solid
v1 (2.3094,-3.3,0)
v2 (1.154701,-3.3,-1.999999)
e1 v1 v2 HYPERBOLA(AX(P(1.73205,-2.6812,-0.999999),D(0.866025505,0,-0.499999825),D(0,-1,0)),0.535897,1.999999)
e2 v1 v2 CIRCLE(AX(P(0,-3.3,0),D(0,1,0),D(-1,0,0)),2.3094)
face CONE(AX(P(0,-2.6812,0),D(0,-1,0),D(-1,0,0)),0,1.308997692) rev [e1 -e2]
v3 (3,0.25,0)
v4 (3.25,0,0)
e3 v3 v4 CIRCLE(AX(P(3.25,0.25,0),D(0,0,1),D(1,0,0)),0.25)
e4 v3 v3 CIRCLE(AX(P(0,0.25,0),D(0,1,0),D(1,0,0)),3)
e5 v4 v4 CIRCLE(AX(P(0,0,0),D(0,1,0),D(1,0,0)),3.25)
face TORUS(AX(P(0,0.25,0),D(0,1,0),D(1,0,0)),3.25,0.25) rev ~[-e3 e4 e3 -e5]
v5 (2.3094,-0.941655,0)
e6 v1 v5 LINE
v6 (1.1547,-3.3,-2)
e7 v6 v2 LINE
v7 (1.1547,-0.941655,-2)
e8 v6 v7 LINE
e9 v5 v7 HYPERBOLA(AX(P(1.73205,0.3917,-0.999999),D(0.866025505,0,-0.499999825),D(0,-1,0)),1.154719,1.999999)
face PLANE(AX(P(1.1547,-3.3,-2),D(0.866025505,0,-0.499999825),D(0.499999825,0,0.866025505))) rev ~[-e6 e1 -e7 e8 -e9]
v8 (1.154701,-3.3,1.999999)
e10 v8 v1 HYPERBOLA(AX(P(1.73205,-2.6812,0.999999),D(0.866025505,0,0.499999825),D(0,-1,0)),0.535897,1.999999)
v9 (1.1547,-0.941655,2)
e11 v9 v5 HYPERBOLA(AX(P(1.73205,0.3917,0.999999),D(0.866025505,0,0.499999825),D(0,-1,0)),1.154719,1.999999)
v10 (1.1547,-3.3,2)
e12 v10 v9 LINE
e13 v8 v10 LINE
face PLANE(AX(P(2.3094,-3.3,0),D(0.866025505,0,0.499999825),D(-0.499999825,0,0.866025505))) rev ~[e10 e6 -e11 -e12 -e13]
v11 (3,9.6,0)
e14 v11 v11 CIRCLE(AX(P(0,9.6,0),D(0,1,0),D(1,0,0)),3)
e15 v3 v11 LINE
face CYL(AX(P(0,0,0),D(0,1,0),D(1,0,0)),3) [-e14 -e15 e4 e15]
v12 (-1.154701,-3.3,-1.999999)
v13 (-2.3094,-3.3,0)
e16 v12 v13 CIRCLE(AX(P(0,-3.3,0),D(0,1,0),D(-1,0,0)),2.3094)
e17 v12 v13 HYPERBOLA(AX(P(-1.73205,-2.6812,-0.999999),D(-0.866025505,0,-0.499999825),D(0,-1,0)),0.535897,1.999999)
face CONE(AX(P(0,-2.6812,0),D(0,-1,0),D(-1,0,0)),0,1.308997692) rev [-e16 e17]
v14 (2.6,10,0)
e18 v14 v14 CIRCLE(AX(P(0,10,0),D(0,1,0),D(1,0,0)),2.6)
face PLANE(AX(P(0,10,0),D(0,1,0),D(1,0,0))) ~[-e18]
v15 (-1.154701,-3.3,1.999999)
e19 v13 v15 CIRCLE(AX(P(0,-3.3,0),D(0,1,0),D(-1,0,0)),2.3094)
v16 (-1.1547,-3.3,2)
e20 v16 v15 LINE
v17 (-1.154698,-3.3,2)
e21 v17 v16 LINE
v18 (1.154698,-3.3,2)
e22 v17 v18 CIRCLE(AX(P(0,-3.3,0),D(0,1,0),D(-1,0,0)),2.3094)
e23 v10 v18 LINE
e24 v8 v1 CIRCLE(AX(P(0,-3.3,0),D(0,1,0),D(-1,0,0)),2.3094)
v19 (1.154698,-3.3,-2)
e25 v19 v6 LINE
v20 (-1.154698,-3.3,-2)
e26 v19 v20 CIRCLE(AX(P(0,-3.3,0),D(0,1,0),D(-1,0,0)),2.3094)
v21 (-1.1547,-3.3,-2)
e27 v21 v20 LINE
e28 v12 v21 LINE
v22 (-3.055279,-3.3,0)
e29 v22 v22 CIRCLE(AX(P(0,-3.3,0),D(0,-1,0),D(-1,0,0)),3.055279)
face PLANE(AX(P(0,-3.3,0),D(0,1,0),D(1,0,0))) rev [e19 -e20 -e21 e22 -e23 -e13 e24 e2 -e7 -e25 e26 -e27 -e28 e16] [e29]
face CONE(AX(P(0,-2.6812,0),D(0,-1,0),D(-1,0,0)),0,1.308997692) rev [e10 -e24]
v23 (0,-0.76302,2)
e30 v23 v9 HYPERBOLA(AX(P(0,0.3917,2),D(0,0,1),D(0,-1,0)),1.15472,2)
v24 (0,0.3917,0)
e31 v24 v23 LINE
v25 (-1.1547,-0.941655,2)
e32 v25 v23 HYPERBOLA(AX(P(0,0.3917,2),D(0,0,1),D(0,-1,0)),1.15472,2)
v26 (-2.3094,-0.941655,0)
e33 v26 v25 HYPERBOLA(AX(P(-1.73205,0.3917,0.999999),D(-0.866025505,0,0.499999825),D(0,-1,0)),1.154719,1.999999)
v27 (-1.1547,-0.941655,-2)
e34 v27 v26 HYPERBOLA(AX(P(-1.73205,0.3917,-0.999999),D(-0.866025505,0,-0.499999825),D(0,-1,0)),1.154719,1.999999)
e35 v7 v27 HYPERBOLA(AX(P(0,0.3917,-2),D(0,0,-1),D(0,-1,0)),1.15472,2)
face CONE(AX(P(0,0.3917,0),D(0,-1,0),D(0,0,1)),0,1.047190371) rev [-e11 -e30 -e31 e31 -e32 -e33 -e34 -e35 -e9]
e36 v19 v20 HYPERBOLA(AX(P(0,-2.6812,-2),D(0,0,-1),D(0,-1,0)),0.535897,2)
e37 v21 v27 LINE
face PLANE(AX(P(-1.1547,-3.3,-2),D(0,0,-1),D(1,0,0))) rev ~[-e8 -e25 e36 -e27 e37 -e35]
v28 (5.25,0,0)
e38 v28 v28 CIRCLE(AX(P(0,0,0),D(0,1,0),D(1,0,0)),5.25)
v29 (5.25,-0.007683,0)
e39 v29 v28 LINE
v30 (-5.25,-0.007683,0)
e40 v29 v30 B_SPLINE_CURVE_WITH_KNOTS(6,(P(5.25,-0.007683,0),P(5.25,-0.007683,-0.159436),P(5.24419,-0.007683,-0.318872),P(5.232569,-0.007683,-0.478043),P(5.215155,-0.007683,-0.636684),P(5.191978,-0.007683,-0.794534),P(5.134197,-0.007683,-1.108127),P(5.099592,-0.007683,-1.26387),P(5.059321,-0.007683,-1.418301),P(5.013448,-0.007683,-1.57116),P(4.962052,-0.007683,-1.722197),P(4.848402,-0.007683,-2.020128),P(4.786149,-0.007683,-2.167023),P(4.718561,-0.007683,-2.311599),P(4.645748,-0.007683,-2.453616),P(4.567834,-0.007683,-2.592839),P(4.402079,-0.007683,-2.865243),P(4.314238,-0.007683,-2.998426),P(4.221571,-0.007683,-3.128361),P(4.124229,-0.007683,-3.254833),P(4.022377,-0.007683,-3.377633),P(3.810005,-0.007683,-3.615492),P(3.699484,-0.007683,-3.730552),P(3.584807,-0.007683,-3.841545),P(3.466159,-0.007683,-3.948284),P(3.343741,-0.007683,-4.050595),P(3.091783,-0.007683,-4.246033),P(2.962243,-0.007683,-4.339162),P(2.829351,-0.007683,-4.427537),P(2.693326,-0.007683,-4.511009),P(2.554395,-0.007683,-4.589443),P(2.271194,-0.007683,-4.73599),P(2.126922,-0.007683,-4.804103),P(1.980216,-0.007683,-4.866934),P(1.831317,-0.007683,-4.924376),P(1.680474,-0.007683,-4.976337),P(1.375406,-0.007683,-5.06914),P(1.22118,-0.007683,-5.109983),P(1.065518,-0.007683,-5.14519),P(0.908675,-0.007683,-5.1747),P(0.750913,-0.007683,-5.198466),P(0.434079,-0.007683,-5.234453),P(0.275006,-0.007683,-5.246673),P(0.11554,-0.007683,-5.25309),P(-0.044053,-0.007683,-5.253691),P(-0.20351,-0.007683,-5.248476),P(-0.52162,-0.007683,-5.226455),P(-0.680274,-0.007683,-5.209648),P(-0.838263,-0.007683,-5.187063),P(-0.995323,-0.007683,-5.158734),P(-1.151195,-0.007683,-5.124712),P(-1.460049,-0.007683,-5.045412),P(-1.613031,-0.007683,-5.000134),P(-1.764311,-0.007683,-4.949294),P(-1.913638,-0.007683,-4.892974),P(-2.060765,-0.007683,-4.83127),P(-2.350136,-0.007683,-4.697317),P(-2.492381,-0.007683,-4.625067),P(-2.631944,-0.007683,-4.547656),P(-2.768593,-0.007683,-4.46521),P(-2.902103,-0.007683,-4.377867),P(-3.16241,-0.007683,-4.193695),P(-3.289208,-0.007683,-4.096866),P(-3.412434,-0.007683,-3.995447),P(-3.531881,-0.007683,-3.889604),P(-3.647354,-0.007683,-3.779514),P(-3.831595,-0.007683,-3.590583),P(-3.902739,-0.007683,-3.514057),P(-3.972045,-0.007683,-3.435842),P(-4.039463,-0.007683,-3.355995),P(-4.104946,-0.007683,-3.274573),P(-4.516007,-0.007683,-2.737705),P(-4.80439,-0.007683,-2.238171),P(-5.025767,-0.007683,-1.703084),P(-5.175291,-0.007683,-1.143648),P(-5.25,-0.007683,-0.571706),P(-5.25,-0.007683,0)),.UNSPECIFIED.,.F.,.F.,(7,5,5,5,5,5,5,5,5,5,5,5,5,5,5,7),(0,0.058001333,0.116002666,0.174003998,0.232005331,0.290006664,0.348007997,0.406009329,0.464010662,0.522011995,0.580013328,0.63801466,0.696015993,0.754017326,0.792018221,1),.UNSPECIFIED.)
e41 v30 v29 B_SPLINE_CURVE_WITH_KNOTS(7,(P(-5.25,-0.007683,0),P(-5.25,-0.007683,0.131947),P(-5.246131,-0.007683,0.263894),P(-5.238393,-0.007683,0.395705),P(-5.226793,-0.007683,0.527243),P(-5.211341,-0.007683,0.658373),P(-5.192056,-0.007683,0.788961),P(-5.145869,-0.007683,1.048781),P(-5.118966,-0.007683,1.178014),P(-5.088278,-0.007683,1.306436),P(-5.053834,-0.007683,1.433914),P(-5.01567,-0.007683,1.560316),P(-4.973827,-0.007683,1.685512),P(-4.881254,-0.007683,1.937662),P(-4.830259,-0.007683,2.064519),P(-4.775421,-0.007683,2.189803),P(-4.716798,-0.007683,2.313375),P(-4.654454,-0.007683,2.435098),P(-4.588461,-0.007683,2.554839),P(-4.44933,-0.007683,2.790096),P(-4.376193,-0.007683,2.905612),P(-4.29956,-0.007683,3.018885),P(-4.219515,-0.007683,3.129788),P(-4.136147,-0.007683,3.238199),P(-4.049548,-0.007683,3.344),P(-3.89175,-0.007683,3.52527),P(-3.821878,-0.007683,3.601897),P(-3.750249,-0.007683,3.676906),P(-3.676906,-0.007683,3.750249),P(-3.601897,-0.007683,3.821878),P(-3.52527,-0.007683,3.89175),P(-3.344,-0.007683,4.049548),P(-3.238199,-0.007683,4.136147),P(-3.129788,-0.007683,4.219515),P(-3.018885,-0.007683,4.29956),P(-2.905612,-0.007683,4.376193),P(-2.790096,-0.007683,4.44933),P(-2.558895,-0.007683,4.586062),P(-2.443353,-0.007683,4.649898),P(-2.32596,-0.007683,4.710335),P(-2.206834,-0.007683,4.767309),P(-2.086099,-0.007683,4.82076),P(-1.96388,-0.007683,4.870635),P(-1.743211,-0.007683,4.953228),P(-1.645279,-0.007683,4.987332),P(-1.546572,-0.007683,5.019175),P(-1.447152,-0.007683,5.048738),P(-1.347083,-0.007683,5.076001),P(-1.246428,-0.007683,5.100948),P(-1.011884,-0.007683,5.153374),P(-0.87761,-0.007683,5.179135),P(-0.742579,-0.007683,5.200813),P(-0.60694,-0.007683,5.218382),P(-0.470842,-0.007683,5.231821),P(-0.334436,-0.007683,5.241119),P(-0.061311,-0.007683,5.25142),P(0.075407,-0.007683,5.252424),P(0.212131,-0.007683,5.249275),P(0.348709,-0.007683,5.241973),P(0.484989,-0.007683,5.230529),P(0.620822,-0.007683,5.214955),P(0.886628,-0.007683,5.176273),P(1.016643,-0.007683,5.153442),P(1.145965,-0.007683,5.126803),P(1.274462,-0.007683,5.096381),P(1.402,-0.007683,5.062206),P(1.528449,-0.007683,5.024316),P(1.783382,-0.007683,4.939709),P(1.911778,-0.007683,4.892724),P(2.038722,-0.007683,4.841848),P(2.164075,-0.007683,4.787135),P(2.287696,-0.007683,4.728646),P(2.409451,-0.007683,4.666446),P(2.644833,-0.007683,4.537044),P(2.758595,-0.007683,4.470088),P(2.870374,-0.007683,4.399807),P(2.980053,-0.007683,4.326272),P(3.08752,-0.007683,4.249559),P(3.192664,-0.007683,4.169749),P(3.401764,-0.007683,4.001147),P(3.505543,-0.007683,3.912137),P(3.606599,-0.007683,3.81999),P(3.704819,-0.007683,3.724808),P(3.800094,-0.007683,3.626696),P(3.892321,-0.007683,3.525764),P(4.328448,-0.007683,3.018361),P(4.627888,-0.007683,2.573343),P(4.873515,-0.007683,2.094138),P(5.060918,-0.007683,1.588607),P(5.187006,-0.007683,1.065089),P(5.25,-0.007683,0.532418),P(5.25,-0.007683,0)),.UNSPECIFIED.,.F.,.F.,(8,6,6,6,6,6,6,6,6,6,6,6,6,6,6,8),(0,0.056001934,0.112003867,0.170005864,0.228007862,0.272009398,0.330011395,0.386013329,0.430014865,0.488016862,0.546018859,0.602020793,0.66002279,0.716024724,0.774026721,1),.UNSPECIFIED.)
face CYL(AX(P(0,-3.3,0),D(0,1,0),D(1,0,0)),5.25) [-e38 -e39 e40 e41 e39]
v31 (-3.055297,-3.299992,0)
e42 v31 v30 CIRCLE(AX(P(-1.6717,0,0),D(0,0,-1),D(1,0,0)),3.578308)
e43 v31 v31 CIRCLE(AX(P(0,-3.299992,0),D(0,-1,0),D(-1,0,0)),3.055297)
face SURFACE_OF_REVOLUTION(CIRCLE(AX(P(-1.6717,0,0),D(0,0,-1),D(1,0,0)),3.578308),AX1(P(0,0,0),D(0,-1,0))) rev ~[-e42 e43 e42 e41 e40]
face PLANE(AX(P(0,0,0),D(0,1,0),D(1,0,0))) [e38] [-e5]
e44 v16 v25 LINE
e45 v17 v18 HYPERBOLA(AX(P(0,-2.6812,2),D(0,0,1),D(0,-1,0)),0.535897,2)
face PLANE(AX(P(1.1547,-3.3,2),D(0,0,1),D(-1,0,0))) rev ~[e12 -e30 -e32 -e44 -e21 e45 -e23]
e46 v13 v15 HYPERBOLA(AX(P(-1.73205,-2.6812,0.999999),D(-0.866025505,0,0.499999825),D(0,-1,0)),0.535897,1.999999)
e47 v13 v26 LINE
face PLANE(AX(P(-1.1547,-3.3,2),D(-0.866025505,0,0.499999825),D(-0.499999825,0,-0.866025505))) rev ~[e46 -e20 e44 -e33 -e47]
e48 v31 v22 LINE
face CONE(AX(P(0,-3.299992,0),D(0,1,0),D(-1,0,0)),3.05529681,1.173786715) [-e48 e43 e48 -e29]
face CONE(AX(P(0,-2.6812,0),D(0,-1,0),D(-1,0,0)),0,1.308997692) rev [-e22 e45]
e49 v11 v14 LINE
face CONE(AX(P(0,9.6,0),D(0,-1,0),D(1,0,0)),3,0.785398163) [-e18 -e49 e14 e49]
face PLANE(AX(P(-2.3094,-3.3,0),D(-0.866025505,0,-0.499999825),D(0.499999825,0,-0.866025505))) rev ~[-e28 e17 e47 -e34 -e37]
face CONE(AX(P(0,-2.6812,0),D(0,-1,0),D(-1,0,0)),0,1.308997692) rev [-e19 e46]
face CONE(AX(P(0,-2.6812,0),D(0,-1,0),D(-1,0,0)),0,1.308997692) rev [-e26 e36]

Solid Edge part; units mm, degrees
sketch "Sketch1" plane through (0, 0, 0) normal (0, 0, 1) x (1, 0, 0)
  line L0 (3, 0) -> (3, 10)
  line L1 (0, 10) -> (3, 10)
  line L2 (0, 0) -> (0, 10)
  line L3 (0, 0) -> (0, -3.3)
  line L4 (0, -3.3) -> (5.25, -3.3)
  line L5 (5.25, -3.3) -> (5.25, 0)
  line L6 (5.25, 0) -> (3, 0)
revolve "RevolvedProtrusion1" add sketch "Sketch1" angle 360 about axis through (0, 0, 0) along (0, 1, 0)
sketch "Sketch2" plane through (0, 0, 0) normal (1, 0, 0) x (0, 1, 0)
  line L0 (-3.3, 2.7915) -> (-1.22, 2.7915)
  line L1 (0.3917, 0) -> (-1.22, 2.7915)
  line L2 (-3.3, 0) -> (0.3917, 0)
  line L3 (-3.3, 0) -> (-3.3, 2.7915)
revolve "RevolvedCutout1" cut sketch "Sketch2" angle 360 about axis through (0, -3.3, 0) along (0, 1, 0)
sketch "Sketch3" plane through (0, -3.3, 0) normal (0, -1, 0) x (0, 0, 1)
  circle A0 centre (0, 0) radius 2.7915
  line L0 (-2, -1.1547) -> (0, -2.3094)
  line L1 (0, -2.3094) -> (2, -1.1547)
  line L2 (2, -1.1547) -> (2, 1.1547)
  line L3 (2, 1.1547) -> (0, 2.3094)
  line L4 (0, 2.3094) -> (-2, 1.1547)
  line L5 (-2, 1.1547) -> (-2, -1.1547)
  dimension "D1" = 4
extrude "Protrusion1" add sketch "Sketch3" against normal up to next
sketch "Sketch4" plane through (0, 0, 0) normal (0, 0, 1) x (1, 0, 0)
  line L0 (-2.3094, -3.3) -> (0, -3.3)
  line L1 (0, -3.3) -> (0, -2.6812)
  line L2 (0, -2.6812) -> (-2.3094, -3.3)
revolve "RevolvedCutout2" cut sketch "Sketch4" angle 360 about axis through (0, -3.3, 0) along (0, 1, 0)
fillet "Round1" radius 0.25 1 edges at (0, 0, -3)
chamfer "倒斜角_2" distance 0.4 angle 45 1 edges at (0, 10, -3)
cosmetic_thread "螺纹_3" size "M6" thread depth 8
sketch "Sketch5" plane through (0, 0, 0) normal (0, 0, 1) x (1, 0, 0)
  arc A0 (-3.0553, -3.3) -> (-5.25, 0) centre (-1.6717, 0) cw
revolve "RevolvedCutout3" cut sketch "Sketch5" angle 360 about axis through (0, 0, 0) along (0, -1, 0) material side at (-4.6929, -2.0093, 0)
